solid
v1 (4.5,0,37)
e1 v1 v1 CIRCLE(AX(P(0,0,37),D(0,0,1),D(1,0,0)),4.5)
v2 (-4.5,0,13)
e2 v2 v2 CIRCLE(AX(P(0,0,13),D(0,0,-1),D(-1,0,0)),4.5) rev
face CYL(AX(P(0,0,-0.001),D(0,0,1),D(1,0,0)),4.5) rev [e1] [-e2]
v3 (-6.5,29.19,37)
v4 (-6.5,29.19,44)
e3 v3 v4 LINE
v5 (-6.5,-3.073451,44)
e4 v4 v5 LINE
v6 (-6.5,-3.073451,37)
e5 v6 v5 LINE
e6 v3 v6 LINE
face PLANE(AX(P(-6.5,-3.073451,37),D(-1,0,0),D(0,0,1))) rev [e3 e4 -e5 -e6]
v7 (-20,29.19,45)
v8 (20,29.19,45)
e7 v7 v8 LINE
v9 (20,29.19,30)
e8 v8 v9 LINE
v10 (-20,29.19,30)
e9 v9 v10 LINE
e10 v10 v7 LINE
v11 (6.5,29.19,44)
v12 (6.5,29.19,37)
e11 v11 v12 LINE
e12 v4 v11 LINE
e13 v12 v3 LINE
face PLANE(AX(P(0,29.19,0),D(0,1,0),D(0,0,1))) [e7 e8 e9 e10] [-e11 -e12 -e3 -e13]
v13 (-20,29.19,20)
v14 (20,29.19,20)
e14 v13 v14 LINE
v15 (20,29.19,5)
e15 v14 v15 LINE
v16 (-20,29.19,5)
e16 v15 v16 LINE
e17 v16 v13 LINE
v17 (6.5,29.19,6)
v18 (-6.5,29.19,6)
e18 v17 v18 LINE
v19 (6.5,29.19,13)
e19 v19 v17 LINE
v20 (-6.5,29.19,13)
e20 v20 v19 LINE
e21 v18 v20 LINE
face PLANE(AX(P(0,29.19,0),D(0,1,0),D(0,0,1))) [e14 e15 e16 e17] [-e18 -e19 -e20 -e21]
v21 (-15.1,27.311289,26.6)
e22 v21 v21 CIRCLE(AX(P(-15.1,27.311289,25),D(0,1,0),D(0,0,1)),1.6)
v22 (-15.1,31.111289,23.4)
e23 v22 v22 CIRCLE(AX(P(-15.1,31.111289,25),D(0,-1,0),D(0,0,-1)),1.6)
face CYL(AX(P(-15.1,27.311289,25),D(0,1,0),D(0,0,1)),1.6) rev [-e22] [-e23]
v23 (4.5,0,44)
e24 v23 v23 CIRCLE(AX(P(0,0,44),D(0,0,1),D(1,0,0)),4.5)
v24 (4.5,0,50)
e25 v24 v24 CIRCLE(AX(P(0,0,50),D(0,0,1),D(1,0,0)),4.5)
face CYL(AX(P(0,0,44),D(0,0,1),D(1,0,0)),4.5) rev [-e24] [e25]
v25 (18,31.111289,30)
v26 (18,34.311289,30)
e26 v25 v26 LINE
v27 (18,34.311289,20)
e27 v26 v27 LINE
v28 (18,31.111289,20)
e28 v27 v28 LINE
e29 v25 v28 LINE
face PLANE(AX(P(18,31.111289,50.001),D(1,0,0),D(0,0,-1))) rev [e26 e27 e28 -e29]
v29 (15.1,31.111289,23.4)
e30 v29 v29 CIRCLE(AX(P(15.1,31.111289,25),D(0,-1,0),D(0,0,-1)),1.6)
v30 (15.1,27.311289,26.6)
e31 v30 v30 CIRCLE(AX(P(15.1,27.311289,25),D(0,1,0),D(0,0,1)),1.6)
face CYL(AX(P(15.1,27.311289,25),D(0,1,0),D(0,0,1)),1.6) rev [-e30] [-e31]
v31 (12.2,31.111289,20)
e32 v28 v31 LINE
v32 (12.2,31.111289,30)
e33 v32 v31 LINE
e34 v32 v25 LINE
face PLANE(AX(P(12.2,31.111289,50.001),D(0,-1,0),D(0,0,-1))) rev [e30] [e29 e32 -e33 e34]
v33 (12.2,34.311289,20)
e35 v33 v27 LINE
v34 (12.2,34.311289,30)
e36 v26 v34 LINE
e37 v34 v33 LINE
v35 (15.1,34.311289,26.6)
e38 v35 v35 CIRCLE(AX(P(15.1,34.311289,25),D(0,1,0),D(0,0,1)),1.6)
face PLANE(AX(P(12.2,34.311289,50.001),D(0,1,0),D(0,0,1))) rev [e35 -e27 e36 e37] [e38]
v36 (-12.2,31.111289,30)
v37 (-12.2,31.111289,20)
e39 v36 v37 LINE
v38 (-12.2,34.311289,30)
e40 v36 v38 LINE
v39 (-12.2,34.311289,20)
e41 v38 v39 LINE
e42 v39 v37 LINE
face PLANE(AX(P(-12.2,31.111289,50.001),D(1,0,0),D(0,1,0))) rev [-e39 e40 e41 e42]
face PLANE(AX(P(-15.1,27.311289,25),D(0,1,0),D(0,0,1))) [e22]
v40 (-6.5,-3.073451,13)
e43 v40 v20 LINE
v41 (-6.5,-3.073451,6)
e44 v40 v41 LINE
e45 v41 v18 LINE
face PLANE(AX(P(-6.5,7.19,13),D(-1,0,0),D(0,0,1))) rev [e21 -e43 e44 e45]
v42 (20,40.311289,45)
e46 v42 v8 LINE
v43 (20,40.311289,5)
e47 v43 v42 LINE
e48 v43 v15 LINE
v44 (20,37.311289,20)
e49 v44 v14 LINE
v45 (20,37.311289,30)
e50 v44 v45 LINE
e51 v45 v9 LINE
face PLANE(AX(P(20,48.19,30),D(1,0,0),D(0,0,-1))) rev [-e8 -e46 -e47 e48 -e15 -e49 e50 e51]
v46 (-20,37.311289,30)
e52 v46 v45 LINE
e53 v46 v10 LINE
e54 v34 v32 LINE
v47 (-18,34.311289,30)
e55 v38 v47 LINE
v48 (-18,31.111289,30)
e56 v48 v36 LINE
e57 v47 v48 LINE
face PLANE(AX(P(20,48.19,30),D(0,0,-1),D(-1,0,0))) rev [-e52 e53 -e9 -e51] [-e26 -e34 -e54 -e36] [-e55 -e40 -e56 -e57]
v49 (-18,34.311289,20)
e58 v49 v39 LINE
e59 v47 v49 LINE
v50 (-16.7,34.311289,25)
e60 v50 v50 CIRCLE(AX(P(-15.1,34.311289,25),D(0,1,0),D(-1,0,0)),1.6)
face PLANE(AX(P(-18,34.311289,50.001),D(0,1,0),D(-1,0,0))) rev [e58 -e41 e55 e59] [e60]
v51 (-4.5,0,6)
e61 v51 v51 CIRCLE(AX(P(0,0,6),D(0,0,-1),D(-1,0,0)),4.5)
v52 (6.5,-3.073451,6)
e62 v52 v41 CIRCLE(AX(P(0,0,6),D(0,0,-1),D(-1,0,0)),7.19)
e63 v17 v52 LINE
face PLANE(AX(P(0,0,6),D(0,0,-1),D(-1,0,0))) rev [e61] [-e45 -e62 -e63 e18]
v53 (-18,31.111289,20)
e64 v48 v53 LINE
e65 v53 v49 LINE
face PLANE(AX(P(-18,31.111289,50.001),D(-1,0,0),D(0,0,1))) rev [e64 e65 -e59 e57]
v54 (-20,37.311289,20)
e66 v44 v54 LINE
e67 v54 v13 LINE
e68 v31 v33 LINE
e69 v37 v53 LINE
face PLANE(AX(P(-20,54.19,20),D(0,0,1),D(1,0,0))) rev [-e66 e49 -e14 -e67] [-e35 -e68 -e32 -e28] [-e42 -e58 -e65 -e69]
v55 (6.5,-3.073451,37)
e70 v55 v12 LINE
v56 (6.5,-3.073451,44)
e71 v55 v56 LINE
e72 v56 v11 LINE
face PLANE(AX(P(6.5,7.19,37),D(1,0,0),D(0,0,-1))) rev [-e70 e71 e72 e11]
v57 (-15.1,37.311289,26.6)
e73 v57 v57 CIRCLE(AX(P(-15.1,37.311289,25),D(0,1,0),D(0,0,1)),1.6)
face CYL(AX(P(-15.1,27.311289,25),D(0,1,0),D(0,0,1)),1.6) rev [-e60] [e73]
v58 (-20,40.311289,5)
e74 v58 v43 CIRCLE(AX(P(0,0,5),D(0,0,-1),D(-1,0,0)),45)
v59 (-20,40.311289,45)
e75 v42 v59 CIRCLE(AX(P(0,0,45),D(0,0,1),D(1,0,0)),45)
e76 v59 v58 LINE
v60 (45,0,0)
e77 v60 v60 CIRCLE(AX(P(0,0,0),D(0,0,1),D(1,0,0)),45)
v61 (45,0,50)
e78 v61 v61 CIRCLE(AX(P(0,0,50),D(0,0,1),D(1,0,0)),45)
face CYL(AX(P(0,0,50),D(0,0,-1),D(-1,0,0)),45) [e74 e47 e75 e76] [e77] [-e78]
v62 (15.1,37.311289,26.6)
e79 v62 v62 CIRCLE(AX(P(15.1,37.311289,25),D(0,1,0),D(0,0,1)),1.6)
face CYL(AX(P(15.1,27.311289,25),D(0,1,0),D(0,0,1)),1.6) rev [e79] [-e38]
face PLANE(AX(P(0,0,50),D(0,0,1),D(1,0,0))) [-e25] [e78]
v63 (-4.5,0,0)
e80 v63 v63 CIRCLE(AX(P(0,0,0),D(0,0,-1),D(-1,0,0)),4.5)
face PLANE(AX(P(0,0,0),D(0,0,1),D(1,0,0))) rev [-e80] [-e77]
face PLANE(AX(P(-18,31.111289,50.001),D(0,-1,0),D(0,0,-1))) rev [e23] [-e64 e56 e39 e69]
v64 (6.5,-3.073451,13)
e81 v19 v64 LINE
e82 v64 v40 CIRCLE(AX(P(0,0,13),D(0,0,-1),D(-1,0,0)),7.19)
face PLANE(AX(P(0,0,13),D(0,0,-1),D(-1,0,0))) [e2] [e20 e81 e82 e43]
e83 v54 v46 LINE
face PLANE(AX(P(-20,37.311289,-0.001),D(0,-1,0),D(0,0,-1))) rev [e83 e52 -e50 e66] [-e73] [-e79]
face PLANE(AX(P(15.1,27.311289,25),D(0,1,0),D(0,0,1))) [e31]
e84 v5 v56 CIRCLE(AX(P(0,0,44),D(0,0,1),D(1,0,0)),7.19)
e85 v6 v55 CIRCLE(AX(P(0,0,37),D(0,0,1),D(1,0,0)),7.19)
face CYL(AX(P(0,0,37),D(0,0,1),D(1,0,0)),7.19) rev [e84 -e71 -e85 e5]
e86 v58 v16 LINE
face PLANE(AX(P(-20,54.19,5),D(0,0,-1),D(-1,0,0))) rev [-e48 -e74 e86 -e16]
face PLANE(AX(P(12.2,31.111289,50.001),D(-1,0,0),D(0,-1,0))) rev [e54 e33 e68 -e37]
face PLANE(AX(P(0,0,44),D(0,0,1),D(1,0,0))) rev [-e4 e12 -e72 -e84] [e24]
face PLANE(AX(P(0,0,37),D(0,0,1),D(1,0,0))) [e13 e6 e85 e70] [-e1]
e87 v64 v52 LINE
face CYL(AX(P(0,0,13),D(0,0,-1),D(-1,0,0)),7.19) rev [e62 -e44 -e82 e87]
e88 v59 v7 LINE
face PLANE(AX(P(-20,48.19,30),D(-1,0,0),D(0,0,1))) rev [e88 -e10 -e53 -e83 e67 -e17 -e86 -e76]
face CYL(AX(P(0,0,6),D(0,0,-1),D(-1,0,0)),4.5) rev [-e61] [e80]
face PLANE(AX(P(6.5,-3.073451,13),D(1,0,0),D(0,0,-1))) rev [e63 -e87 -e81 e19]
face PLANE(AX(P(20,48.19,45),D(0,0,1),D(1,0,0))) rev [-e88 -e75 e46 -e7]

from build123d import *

# Parameters (mm, degrees)
ESBO_O1_R                = 45
RESSALTO_EXTRUS_O1_DEPTH = 50
ESBO_O2_R                = 4.5
CORTE_EXTRUS_O2_DEPTH    = 6
CORTE_EXTRUS_O3_DEPTH    = 7
ESBO_O4_W                = 40
ESBO_O4_H                = 15
CORTE_EXTRUS_O4_DEPTH    = 41
CORTE_EXTRUS_O5_START    = -6
ESBO_O5_R                = 4.5
CORTE_EXTRUS_O5_DEPTH    = 6
CORTE_EXTRUS_O6_START    = -7
CORTE_EXTRUS_O6_DEPTH    = 7
ESBO_O7_W                = 40
ESBO_O7_H                = 15
CORTE_EXTRUS_O7_DEPTH    = 47
CORTE_EXTRUS_O8_REACH    = 72.356
CORTE_EXTRUS_O9_REACH    = 72.356
ESBO_O9_W                = 5.8
ESBO_O9_H                = 3.2
ESBO_O11_W               = 40
ESBO_O11_H               = 15
ESBO_O11_W_2             = 13
ESBO_O11_H_2             = 7
RESSALTO_EXTRUS_O2_DEPTH = 22
ESBO_O12_R               = 1.6
CORTE_EXTRUS_O10_DEPTH   = 10
CORTE_EXTRUS_O11_REACH   = 75.614
ESBO_O13_R               = 4.5


with BuildPart() as part:
    # Esboço1 → Ressalto-extrusão1 (new body)
    with BuildSketch(Plane.XY):
        Circle(ESBO_O1_R)
    extrude(amount=RESSALTO_EXTRUS_O1_DEPTH)

    # Esboço2 → Corte-extrusão2 (cut)
    with BuildSketch(Plane.XY.offset(50)):
        Circle(ESBO_O2_R)
    extrude(amount=-CORTE_EXTRUS_O2_DEPTH, mode=Mode.SUBTRACT)

    # Esboço3 → Corte-extrusão3 (cut)
    with BuildSketch(Plane.XY.offset(44)):
        with BuildLine():
            Line((-6.5, -3.073450829), (-6.5, 7.19))
            Line((-6.5, 7.19), (6.5, 7.19))
            Line((6.5, 7.19), (6.5, -3.073450829))
            ThreePointArc((6.5, -3.073450829), (0, -7.19), (-6.5, -3.073450829))
        make_face()
    extrude(amount=-CORTE_EXTRUS_O3_DEPTH, mode=Mode.SUBTRACT)

    # Esboço4 → Corte-extrusão4 (cut)
    with BuildSketch(Plane.XZ.offset(-7.19)):
        with Locations((0, 37.5)):
            Rectangle(ESBO_O4_W, ESBO_O4_H)
    extrude(amount=-CORTE_EXTRUS_O4_DEPTH, mode=Mode.SUBTRACT)

    # Esboço5 → Corte-extrusão5 (cut)
    with BuildSketch(Plane(origin=(0, 0, 0), x_dir=(-1, 0, 0), z_dir=(0, 0, -1)).offset(CORTE_EXTRUS_O5_START)):
        with Locations(Location((0, 0, 0), (0, 0, 180))):
            Circle(ESBO_O5_R)
    extrude(amount=CORTE_EXTRUS_O5_DEPTH, mode=Mode.SUBTRACT)

    # Esboço6 → Corte-extrusão6 (cut)
    with BuildSketch(Plane(origin=(0, 0, 6), x_dir=(-1, 0, 0), z_dir=(0, 0, -1)).offset(CORTE_EXTRUS_O6_START)):
        with BuildLine():
            Line((-6.5, -3.073450829), (-6.5, 7.19))
            Line((-6.5, 7.19), (6.5, 7.19))
            Line((6.5, 7.19), (6.5, -3.073450829))
            ThreePointArc((6.5, -3.073450829), (0, -7.19), (-6.5, -3.073450829))
        make_face()
    extrude(amount=CORTE_EXTRUS_O6_DEPTH, mode=Mode.SUBTRACT)

    # Esboço7 → Corte-extrusão7 (cut)
    with BuildSketch(Plane.XZ.offset(-7.19)):
        with Locations((0, 12.5)):
            Rectangle(ESBO_O7_W, ESBO_O7_H)
    extrude(amount=-CORTE_EXTRUS_O7_DEPTH, mode=Mode.SUBTRACT)

    # Esboço8 → Corte-extrusão8 (cut, up to next)
    with BuildSketch(Plane.XY.offset(30), mode=Mode.PRIVATE) as corte_extrus_o8_sk1:
        Polygon((-20, 40.311288741), (-20, 47.3700993), (20, 47.3700993), (20, 40.311288741), (20, 37.311288741), (-20, 37.311288741), align=None)
    corte_extrus_o8_tool1 = extrude(corte_extrus_o8_sk1.sketch, amount=-CORTE_EXTRUS_O8_REACH, mode=Mode.PRIVATE) & part.part
    add(corte_extrus_o8_tool1.solids().sort_by_distance((0, 42.340694, 30))[0], mode=Mode.SUBTRACT)

    # Esboço9 → Corte-extrusão9 (cut, up to next)
    with BuildSketch(Plane(origin=(0, 0, 20), x_dir=(-1, 0, 0), z_dir=(0, 0, -1)), mode=Mode.PRIVATE) as corte_extrus_o9_sk1:
        with Locations((-15.1, 32.711288741)):
            Rectangle(ESBO_O9_W, ESBO_O9_H)
    corte_extrus_o9_tool1 = extrude(corte_extrus_o9_sk1.sketch, amount=-CORTE_EXTRUS_O9_REACH, mode=Mode.PRIVATE) & part.part
    # Esboço9 → Corte-extrusão9 (cut, up to next)
    with BuildSketch(Plane(origin=(0, 0, 20), x_dir=(-1, 0, 0), z_dir=(0, 0, -1)), mode=Mode.PRIVATE) as corte_extrus_o9_sk2:
        with Locations((15.1, 32.711288741)):
            Rectangle(ESBO_O9_W, ESBO_O9_H)
    corte_extrus_o9_tool2 = extrude(corte_extrus_o9_sk2.sketch, amount=-CORTE_EXTRUS_O9_REACH, mode=Mode.PRIVATE) & part.part
    add(corte_extrus_o9_tool1.solids().sort_by_distance((15.1, 32.711289, 20))[0], mode=Mode.SUBTRACT)
    add(corte_extrus_o9_tool2.solids().sort_by_distance((-15.1, 32.711289, 20))[0], mode=Mode.SUBTRACT)

    # Esboço11 → Ressalto-extrusão2 (add)
    # profile 1 of 2: a face of its own
    with BuildSketch(Plane(origin=(0, 7.19, 0), x_dir=(1, 0, 0), z_dir=(0, 1, 0))):
        with Locations((0, -12.5)):
            Rectangle(ESBO_O11_W, ESBO_O11_H)
        with Locations((0, -9.5)):
            Rectangle(ESBO_O11_W_2, ESBO_O11_H_2, mode=Mode.SUBTRACT)
    # profile 2 of 2: a face of its own
    with BuildSketch(Plane(origin=(0, 7.19, 0), x_dir=(1, 0, 0), z_dir=(0, 1, 0))):
        with Locations((0, -37.5)):
            Rectangle(ESBO_O11_W, ESBO_O11_H)
        with Locations((0, -40.5)):
            Rectangle(ESBO_O11_W_2, ESBO_O11_H_2, mode=Mode.SUBTRACT)
    extrude(amount=RESSALTO_EXTRUS_O2_DEPTH)

    # Esboço12 → Corte-extrusão10 (cut)
    with BuildSketch(Plane(origin=(0, 37.311288741, 0), x_dir=(1, 0, 0), z_dir=(0, 1, 0))):
        with Locations(Location((-15.1, -25, 0), (0, 0, 270))):
            Circle(ESBO_O12_R)
        with Locations(Location((15.1, -25, 0), (0, 0, 270))):
            Circle(ESBO_O12_R)
    extrude(amount=-CORTE_EXTRUS_O10_DEPTH, mode=Mode.SUBTRACT)

    # Esboço13 → Corte-extrusão11 (cut, up to next)
    with BuildSketch(Plane.XY.offset(37), mode=Mode.PRIVATE) as corte_extrus_o11_sk1:
        Circle(ESBO_O13_R)
    corte_extrus_o11_tool1 = extrude(corte_extrus_o11_sk1.sketch, amount=-CORTE_EXTRUS_O11_REACH, mode=Mode.PRIVATE) & part.part
    add(corte_extrus_o11_tool1.solids().sort_by_distance((0, 0, 37))[0], mode=Mode.SUBTRACT)


solid = part.part
